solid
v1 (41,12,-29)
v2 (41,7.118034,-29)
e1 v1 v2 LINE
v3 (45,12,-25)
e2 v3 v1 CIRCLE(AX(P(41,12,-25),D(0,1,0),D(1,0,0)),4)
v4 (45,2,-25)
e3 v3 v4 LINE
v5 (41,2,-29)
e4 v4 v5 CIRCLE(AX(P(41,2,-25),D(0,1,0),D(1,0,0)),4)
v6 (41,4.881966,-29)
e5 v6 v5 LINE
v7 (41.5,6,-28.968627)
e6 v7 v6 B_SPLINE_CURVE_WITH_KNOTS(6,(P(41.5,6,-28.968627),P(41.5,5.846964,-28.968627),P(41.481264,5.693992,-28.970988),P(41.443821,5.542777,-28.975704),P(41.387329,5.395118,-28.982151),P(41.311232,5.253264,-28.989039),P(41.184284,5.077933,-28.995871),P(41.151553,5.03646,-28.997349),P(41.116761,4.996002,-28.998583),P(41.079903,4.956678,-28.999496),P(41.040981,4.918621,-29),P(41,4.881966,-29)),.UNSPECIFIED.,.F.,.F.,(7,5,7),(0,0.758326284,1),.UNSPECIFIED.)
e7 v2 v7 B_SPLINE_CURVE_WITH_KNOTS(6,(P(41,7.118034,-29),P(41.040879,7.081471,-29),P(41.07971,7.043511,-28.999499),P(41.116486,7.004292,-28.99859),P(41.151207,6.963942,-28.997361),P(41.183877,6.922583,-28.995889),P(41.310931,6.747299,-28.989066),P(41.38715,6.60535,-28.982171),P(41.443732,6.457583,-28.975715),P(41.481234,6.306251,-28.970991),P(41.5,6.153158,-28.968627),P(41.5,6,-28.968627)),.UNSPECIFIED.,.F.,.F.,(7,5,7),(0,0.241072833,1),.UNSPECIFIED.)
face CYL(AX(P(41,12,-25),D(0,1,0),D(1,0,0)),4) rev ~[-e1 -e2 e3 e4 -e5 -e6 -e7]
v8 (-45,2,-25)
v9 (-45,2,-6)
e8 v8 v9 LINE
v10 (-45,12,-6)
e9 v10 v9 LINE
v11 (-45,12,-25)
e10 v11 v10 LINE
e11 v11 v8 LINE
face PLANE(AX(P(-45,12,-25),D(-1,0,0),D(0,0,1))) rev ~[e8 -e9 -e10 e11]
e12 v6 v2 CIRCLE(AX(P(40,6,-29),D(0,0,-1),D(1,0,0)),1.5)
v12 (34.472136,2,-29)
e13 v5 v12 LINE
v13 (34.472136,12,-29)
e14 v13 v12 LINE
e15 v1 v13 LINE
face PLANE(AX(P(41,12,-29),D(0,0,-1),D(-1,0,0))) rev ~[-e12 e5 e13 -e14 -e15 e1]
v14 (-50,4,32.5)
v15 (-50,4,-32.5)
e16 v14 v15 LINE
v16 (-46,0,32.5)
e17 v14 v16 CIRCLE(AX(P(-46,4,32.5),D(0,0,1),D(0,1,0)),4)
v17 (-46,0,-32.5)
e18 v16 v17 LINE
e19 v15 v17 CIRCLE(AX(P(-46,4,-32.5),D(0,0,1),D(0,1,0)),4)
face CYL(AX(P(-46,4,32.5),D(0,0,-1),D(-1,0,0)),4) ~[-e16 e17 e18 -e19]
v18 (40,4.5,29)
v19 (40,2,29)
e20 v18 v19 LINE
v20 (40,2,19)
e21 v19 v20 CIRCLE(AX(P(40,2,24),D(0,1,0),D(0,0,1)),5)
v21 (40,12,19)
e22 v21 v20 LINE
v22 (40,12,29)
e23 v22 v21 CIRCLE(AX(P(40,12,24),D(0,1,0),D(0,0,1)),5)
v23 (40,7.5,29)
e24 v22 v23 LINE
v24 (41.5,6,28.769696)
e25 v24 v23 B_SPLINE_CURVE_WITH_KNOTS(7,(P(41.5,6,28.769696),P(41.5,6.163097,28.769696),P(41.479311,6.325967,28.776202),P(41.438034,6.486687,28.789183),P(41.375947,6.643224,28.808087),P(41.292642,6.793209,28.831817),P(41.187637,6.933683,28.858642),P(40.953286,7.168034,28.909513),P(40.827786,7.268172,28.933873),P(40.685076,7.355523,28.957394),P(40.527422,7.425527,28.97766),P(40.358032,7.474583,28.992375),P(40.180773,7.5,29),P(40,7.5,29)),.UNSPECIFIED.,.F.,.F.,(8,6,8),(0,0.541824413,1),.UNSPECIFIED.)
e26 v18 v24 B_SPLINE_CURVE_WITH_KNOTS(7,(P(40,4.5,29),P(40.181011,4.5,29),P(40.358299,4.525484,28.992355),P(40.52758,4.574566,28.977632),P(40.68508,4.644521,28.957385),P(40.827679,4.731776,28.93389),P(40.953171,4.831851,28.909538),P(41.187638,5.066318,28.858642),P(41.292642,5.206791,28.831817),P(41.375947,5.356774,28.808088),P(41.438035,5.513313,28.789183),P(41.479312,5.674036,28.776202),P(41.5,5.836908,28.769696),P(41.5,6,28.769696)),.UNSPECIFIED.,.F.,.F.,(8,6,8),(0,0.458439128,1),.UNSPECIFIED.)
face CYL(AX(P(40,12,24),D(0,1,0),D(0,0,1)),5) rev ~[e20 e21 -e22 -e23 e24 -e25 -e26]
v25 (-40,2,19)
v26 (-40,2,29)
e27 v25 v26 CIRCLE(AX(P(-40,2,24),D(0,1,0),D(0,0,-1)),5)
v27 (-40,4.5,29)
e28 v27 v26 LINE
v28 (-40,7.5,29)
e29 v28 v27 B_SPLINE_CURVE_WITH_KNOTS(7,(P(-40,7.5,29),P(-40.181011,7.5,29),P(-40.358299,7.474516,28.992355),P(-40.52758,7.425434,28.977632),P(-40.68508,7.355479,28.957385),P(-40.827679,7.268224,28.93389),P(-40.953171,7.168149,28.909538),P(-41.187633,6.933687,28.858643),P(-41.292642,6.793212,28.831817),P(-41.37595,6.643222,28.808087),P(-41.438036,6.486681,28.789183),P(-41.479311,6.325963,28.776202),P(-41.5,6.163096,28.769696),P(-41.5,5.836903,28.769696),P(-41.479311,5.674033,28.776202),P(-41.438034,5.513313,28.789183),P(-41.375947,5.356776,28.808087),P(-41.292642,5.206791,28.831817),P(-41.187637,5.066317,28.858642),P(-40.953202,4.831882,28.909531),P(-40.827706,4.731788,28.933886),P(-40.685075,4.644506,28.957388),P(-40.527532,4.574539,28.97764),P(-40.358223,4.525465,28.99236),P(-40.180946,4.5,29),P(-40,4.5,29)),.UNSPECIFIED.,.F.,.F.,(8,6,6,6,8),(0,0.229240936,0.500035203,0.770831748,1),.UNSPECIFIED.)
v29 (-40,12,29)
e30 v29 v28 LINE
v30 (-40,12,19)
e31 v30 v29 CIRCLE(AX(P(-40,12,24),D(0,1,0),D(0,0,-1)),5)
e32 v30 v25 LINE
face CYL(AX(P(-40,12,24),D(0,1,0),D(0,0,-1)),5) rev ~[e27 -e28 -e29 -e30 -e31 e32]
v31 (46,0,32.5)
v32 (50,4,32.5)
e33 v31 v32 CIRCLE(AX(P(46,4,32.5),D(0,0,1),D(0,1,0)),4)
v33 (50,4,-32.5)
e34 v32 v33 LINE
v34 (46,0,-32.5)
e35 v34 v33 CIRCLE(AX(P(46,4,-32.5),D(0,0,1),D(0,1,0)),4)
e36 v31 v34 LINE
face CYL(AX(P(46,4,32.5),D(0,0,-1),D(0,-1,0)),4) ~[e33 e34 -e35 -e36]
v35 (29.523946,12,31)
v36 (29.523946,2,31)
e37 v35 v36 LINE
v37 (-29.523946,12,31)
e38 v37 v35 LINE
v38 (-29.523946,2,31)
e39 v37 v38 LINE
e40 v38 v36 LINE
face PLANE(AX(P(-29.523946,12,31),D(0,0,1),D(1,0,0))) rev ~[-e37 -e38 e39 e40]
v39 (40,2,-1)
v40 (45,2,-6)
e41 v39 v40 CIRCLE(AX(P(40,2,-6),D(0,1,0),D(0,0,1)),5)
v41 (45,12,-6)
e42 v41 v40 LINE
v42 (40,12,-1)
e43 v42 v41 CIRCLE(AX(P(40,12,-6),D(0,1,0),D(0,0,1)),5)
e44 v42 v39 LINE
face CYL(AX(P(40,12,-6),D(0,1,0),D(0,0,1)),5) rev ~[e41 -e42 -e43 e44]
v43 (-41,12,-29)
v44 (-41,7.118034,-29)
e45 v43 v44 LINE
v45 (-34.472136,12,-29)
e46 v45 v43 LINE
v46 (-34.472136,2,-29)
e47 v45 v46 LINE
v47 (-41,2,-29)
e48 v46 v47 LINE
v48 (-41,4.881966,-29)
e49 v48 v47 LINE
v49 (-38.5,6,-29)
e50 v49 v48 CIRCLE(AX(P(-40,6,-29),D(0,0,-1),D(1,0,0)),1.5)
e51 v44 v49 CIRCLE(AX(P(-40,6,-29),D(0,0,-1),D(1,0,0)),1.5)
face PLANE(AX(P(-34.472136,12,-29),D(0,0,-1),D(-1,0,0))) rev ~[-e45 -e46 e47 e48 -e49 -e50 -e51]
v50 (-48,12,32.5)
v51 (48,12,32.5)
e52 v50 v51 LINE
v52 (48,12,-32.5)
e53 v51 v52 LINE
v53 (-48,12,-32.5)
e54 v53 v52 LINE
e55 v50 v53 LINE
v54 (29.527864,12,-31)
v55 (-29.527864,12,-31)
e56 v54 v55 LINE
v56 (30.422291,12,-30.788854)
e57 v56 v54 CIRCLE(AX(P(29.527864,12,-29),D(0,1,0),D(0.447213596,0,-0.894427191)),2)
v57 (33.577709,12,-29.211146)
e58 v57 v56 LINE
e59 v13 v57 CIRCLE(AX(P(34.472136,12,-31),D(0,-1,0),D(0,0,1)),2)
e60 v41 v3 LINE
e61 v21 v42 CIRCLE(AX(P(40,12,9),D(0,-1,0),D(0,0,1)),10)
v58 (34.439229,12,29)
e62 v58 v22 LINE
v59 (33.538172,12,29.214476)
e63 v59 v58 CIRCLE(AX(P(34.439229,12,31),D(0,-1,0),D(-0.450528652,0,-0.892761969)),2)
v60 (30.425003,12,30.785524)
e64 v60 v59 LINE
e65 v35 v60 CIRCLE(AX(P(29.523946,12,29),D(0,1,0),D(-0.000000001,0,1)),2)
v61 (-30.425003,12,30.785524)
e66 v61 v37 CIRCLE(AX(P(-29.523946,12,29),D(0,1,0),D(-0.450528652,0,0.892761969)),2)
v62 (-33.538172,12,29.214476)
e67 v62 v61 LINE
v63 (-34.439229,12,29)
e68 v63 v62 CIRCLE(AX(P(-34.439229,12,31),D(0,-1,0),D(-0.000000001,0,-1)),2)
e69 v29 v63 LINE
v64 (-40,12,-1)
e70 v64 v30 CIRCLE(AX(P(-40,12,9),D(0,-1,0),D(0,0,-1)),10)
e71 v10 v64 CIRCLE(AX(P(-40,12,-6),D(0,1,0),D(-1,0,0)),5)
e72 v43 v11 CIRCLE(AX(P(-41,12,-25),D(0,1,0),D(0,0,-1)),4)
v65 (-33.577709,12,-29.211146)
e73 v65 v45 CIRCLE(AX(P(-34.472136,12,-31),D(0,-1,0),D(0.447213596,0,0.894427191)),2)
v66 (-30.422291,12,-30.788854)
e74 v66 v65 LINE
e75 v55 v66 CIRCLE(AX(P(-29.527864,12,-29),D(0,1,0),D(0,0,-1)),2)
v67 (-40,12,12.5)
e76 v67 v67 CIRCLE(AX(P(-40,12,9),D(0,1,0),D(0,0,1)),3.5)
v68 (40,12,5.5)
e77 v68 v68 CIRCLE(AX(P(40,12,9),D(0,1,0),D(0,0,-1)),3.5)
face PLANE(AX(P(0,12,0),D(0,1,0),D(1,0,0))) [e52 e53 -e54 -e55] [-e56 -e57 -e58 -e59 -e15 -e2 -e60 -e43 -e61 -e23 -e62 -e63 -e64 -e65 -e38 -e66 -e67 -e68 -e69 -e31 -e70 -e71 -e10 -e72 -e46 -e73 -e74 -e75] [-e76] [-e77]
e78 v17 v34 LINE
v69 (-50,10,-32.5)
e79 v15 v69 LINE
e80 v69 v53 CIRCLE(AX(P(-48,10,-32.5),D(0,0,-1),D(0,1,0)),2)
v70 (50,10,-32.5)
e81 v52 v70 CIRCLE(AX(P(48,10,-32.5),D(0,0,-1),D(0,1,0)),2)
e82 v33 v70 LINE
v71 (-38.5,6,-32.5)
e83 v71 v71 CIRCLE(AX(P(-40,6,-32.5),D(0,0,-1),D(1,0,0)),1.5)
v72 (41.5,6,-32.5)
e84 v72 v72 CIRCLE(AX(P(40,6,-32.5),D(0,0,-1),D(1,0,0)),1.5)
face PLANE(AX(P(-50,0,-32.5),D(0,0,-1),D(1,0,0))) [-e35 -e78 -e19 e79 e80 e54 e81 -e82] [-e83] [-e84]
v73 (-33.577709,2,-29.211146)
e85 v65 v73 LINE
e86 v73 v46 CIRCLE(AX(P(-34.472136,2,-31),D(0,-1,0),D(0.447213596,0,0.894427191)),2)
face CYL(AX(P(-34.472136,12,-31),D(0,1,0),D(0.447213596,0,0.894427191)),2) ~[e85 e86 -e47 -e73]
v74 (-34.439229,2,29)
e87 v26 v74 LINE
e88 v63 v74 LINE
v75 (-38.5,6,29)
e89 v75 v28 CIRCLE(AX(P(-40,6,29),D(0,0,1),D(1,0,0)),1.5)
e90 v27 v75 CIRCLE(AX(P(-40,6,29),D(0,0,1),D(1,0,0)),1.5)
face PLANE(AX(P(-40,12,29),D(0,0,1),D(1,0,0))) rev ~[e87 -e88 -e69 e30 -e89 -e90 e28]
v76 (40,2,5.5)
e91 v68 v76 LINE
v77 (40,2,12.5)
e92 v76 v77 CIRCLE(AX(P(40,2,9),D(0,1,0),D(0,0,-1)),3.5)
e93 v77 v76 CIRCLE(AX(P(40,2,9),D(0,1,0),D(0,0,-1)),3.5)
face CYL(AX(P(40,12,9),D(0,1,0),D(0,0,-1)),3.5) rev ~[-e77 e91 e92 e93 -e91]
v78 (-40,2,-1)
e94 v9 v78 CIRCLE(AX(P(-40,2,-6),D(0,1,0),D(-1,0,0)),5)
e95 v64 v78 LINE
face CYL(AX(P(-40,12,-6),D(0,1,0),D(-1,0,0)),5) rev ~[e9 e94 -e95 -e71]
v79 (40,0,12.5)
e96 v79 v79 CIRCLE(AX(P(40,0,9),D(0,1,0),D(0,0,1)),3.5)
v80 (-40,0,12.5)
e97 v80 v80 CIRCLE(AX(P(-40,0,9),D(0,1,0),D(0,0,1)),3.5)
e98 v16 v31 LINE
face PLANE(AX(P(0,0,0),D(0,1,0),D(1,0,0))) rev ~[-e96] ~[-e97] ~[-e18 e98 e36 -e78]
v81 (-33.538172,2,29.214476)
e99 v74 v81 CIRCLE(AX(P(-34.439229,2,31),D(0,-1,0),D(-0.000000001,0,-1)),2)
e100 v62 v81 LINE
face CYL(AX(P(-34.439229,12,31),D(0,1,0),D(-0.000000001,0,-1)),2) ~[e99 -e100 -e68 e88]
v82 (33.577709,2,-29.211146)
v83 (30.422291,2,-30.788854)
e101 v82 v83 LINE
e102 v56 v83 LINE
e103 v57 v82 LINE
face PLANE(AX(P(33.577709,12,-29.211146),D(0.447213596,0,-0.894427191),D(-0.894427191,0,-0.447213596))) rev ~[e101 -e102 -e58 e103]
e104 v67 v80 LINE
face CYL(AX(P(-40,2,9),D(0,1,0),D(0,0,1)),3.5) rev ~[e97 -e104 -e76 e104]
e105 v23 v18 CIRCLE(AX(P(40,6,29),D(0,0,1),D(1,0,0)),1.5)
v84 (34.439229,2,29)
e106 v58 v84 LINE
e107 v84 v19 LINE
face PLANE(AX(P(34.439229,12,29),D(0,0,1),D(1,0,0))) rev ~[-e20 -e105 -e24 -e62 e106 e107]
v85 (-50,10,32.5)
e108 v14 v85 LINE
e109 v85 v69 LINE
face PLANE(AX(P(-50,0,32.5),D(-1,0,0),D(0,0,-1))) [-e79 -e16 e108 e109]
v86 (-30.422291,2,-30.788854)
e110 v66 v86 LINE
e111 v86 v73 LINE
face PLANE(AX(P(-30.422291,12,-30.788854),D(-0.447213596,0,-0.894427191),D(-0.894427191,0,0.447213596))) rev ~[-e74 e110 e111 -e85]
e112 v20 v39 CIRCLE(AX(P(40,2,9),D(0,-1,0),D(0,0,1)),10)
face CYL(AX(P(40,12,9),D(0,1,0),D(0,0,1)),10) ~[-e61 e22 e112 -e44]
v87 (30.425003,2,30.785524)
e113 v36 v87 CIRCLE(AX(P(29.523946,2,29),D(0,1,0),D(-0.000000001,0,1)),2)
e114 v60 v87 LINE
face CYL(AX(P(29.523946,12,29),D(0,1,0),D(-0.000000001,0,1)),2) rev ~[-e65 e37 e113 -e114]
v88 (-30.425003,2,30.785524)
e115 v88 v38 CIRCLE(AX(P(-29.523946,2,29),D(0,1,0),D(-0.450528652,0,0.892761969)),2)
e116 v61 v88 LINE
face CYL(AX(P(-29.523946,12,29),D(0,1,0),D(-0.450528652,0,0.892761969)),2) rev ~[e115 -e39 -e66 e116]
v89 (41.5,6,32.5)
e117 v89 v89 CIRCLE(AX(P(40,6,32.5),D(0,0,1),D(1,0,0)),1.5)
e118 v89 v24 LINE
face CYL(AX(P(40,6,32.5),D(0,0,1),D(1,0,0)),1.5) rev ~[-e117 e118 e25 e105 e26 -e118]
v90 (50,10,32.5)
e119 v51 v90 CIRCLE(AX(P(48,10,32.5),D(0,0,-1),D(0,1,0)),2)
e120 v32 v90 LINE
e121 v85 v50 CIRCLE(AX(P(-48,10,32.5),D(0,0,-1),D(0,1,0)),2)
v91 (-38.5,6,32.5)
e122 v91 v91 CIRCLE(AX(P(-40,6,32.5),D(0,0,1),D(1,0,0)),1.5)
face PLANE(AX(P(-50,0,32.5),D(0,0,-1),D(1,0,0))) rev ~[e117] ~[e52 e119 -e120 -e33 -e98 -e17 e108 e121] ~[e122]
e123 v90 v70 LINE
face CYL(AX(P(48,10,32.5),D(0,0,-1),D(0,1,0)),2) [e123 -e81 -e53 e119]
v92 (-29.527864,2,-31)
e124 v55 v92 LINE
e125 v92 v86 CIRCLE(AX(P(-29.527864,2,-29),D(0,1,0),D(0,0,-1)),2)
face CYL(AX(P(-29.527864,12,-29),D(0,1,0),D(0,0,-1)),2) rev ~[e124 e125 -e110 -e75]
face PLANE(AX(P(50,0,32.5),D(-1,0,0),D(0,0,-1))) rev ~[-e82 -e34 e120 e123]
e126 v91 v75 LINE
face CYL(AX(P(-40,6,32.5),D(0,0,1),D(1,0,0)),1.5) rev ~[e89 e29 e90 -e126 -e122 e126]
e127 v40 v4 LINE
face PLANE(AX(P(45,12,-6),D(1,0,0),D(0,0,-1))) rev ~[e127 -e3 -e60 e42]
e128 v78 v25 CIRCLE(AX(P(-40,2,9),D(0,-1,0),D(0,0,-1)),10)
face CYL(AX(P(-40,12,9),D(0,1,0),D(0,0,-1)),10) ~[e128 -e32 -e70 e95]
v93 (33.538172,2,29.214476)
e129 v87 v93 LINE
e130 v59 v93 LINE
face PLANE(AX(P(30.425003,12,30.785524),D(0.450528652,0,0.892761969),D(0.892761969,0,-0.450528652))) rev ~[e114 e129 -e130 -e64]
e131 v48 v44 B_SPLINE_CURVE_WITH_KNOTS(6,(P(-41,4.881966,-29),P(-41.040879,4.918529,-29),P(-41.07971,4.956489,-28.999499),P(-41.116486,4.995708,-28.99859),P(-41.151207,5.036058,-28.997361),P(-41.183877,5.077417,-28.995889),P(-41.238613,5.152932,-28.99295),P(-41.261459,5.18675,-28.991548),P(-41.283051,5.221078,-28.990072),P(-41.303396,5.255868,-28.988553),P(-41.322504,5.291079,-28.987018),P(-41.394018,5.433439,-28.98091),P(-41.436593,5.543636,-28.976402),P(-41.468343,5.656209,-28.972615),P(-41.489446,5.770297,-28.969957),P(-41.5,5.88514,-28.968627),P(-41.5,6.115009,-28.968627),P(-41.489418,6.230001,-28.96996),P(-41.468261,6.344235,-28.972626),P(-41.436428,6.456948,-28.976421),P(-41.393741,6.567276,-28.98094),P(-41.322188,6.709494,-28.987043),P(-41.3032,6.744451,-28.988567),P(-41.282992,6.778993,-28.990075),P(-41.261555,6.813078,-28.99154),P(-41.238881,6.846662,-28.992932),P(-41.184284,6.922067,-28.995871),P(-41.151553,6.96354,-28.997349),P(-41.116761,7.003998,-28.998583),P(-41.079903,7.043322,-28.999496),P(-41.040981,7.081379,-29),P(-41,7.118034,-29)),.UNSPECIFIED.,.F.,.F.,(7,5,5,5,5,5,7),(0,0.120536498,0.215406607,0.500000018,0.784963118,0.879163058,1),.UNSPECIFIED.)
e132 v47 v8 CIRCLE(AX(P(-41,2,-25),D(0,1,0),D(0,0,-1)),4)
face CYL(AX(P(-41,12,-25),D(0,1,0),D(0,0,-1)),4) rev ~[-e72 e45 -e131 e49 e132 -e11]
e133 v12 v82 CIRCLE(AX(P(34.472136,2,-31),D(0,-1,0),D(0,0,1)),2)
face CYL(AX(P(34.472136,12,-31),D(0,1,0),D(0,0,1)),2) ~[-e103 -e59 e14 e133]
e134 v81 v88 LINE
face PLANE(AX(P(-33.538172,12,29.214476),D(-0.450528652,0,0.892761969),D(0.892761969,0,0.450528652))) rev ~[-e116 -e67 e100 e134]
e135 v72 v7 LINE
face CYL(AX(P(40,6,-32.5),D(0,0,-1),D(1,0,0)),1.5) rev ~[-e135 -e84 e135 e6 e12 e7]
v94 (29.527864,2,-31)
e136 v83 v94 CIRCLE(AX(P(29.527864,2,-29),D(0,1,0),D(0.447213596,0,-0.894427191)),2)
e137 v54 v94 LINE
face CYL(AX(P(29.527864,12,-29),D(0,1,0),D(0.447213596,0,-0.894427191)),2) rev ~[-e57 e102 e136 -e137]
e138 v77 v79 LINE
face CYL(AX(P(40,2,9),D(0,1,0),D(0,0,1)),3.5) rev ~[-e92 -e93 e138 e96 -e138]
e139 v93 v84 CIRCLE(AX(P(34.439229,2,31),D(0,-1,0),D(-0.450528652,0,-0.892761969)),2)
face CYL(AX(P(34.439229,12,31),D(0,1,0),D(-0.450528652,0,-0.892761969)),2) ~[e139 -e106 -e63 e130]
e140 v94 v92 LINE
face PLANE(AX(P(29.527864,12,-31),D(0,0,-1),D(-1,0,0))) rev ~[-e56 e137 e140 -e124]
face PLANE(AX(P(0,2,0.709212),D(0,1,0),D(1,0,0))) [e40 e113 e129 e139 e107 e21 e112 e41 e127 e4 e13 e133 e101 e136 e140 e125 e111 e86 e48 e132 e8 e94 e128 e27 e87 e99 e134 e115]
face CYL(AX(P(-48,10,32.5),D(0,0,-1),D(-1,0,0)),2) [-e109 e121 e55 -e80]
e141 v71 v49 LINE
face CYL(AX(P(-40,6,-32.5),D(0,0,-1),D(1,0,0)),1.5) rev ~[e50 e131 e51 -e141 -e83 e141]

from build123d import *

# Parameters (mm, degrees)
SKETCH_1_W          = 100
SKETCH_1_H          = 65
EXTRUDE_1_DEPTH     = 12
SKETCH_2_R          = 3.5
CUT_EXTRUDE_2_DEPTH = 10
SKETCH_3_R          = 3.5
CUT_EXTRUDE_3_DEPTH = 61.466933112
SKETCH_4_R          = 3.5
CUT_EXTRUDE_4_DEPTH = 61.466933112
CUT_EXTRUDE_5_REACH = 84.879
SKETCH_5_R          = 1.5
CUT_EXTRUDE_6_REACH = 84.879
SKETCH_6_R          = 1.5
FILLET_3_R          = 2
FILLET_4_R          = 4


with BuildPart() as part:
    # 草图1 → 凸台-拉伸1 (new body)
    with BuildSketch(Plane(origin=(0, 0, 0), x_dir=(1, 0, 0), z_dir=(0, 1, 0))):
        Rectangle(SKETCH_1_W, SKETCH_1_H)
    extrude(amount=EXTRUDE_1_DEPTH)

    # 草图2 → 切除-拉伸2 (cut)
    with BuildSketch(Plane(origin=(0, 12, 0), x_dir=(1, 0, 0), z_dir=(0, 1, 0))):
        with Locations(Location((-40, -9, 0), (0, 0, 270))):
            Circle(SKETCH_2_R)
        with Locations(Location((40, -9, 0), (0, 0, 90))):
            Circle(SKETCH_2_R)
        with BuildLine():
            Line((-30.422291236, 30.788854382), (-33.577708764, 29.211145618))
            ThreePointArc((-33.577708764, 29.211145618), (-34.012630114, 29.053502021), (-34.472135955, 29))
            Line((-34.472135955, 29), (-41, 29))
            ThreePointArc((-41, 29), (-43.828427125, 27.828427125), (-45, 25))
            Line((-45, 25), (-45, 6))
            ThreePointArc((-45, 6), (-43.535533906, 2.464466094), (-40, 1))
            ThreePointArc((-40, 1), (-30, -9), (-40, -19))
            ThreePointArc((-40, -19), (-45, -24), (-40, -29))
            Line((-40, -29), (-34.439229319, -29))
            ThreePointArc((-34.439229319, -29), (-33.976113717, -29.054357705), (-33.538172016, -29.214476061))
            Line((-33.538172016, -29.214476061), (-30.425003094, -30.785523939))
            ThreePointArc((-30.425003094, -30.785523939), (-29.987061393, -30.945642295), (-29.52394579, -31))
            Line((-29.52394579, -31), (29.52394579, -31))
            ThreePointArc((29.52394579, -31), (29.987061393, -30.945642295), (30.425003094, -30.785523939))
            Line((30.425003094, -30.785523939), (33.538172016, -29.214476061))
            ThreePointArc((33.538172016, -29.214476061), (33.976113717, -29.054357705), (34.439229319, -29))
            Line((34.439229319, -29), (40, -29))
            ThreePointArc((40, -29), (45, -24), (40, -19))
            ThreePointArc((40, -19), (30, -9), (40, 1))
            ThreePointArc((40, 1), (43.535533906, 2.464466094), (45, 6))
            Line((45, 6), (45, 25))
            ThreePointArc((45, 25), (43.828427125, 27.828427125), (41, 29))
            Line((41, 29), (34.472135955, 29))
            ThreePointArc((34.472135955, 29), (34.012630114, 29.053502021), (33.577708764, 29.211145618))
            Line((33.577708764, 29.211145618), (30.422291236, 30.788854382))
            ThreePointArc((30.422291236, 30.788854382), (29.987369886, 30.946497979), (29.527864045, 31))
            Line((29.527864045, 31), (-29.527864045, 31))
            ThreePointArc((-29.527864045, 31), (-29.987369886, 30.946497979), (-30.422291236, 30.788854382))
        make_face()
    extrude(amount=-CUT_EXTRUDE_2_DEPTH, mode=Mode.SUBTRACT)

    # 草图3 → 切除-拉伸3 (cut, through all)
    with BuildSketch(Plane(origin=(0, 2, 0), x_dir=(1, 0, 0), z_dir=(0, 1, 0))):
        with Locations(Location((-40, -9, 0), (0, 0, 270))):
            Circle(SKETCH_3_R)
    extrude(amount=-CUT_EXTRUDE_3_DEPTH, mode=Mode.SUBTRACT)

    # 草图4 → 切除-拉伸4 (cut, through all)
    with BuildSketch(Plane(origin=(0, 2, 0), x_dir=(1, 0, 0), z_dir=(0, 1, 0))):
        with Locations(Location((40, -9, 0), (0, 0, 270))):
            Circle(SKETCH_4_R)
    extrude(amount=-CUT_EXTRUDE_4_DEPTH, mode=Mode.SUBTRACT)

    # 草图5 → 切除-拉伸5 (cut, up to next)
    with BuildSketch(Plane.XY.offset(32.5), mode=Mode.PRIVATE) as cut_extrude_5_sk1:
        with Locations((-40, 6)):
            Circle(SKETCH_5_R)
    cut_extrude_5_tool1 = extrude(cut_extrude_5_sk1.sketch, amount=-CUT_EXTRUDE_5_REACH, mode=Mode.PRIVATE) & part.part
    # 草图5 → 切除-拉伸5 (cut, up to next)
    with BuildSketch(Plane.XY.offset(32.5), mode=Mode.PRIVATE) as cut_extrude_5_sk2:
        with Locations((40, 6)):
            Circle(SKETCH_5_R)
    cut_extrude_5_tool2 = extrude(cut_extrude_5_sk2.sketch, amount=-CUT_EXTRUDE_5_REACH, mode=Mode.PRIVATE) & part.part
    add(cut_extrude_5_tool1.solids().sort_by_distance((-40, 6, 32.5))[0], mode=Mode.SUBTRACT)
    add(cut_extrude_5_tool2.solids().sort_by_distance((40, 6, 32.5))[0], mode=Mode.SUBTRACT)

    # 草图6 → 切除-拉伸6 (cut, up to next)
    with BuildSketch(Plane(origin=(0, 0, -32.5), x_dir=(-1, 0, 0), z_dir=(0, 0, -1)), mode=Mode.PRIVATE) as cut_extrude_6_sk1:
        with Locations(Location((-40, 6, 0), (0, 0, 180))):
            Circle(SKETCH_6_R)
    cut_extrude_6_tool1 = extrude(cut_extrude_6_sk1.sketch, amount=-CUT_EXTRUDE_6_REACH, mode=Mode.PRIVATE) & part.part
    # 草图6 → 切除-拉伸6 (cut, up to next)
    with BuildSketch(Plane(origin=(0, 0, -32.5), x_dir=(-1, 0, 0), z_dir=(0, 0, -1)), mode=Mode.PRIVATE) as cut_extrude_6_sk2:
        with Locations(Location((40, 6, 0), (0, 0, 180))):
            Circle(SKETCH_6_R)
    cut_extrude_6_tool2 = extrude(cut_extrude_6_sk2.sketch, amount=-CUT_EXTRUDE_6_REACH, mode=Mode.PRIVATE) & part.part
    add(cut_extrude_6_tool1.solids().sort_by_distance((40, 6, -32.5))[0], mode=Mode.SUBTRACT)
    add(cut_extrude_6_tool2.solids().sort_by_distance((-40, 6, -32.5))[0], mode=Mode.SUBTRACT)

    # 圆角3
    fillet_3_edges = [part.edges().sort_by_distance(p)[0] for p in [
        (-50, 12, 0),
        (50, 12, 0),
    ]]
    fillet(fillet_3_edges, radius=FILLET_3_R)

    # 圆角4
    fillet_4_edges = [part.edges().sort_by_distance(p)[0] for p in [
        (-50, 0, 0),
        (50, 0, 0),
    ]]
    fillet(fillet_4_edges, radius=FILLET_4_R)


solid = part.part
